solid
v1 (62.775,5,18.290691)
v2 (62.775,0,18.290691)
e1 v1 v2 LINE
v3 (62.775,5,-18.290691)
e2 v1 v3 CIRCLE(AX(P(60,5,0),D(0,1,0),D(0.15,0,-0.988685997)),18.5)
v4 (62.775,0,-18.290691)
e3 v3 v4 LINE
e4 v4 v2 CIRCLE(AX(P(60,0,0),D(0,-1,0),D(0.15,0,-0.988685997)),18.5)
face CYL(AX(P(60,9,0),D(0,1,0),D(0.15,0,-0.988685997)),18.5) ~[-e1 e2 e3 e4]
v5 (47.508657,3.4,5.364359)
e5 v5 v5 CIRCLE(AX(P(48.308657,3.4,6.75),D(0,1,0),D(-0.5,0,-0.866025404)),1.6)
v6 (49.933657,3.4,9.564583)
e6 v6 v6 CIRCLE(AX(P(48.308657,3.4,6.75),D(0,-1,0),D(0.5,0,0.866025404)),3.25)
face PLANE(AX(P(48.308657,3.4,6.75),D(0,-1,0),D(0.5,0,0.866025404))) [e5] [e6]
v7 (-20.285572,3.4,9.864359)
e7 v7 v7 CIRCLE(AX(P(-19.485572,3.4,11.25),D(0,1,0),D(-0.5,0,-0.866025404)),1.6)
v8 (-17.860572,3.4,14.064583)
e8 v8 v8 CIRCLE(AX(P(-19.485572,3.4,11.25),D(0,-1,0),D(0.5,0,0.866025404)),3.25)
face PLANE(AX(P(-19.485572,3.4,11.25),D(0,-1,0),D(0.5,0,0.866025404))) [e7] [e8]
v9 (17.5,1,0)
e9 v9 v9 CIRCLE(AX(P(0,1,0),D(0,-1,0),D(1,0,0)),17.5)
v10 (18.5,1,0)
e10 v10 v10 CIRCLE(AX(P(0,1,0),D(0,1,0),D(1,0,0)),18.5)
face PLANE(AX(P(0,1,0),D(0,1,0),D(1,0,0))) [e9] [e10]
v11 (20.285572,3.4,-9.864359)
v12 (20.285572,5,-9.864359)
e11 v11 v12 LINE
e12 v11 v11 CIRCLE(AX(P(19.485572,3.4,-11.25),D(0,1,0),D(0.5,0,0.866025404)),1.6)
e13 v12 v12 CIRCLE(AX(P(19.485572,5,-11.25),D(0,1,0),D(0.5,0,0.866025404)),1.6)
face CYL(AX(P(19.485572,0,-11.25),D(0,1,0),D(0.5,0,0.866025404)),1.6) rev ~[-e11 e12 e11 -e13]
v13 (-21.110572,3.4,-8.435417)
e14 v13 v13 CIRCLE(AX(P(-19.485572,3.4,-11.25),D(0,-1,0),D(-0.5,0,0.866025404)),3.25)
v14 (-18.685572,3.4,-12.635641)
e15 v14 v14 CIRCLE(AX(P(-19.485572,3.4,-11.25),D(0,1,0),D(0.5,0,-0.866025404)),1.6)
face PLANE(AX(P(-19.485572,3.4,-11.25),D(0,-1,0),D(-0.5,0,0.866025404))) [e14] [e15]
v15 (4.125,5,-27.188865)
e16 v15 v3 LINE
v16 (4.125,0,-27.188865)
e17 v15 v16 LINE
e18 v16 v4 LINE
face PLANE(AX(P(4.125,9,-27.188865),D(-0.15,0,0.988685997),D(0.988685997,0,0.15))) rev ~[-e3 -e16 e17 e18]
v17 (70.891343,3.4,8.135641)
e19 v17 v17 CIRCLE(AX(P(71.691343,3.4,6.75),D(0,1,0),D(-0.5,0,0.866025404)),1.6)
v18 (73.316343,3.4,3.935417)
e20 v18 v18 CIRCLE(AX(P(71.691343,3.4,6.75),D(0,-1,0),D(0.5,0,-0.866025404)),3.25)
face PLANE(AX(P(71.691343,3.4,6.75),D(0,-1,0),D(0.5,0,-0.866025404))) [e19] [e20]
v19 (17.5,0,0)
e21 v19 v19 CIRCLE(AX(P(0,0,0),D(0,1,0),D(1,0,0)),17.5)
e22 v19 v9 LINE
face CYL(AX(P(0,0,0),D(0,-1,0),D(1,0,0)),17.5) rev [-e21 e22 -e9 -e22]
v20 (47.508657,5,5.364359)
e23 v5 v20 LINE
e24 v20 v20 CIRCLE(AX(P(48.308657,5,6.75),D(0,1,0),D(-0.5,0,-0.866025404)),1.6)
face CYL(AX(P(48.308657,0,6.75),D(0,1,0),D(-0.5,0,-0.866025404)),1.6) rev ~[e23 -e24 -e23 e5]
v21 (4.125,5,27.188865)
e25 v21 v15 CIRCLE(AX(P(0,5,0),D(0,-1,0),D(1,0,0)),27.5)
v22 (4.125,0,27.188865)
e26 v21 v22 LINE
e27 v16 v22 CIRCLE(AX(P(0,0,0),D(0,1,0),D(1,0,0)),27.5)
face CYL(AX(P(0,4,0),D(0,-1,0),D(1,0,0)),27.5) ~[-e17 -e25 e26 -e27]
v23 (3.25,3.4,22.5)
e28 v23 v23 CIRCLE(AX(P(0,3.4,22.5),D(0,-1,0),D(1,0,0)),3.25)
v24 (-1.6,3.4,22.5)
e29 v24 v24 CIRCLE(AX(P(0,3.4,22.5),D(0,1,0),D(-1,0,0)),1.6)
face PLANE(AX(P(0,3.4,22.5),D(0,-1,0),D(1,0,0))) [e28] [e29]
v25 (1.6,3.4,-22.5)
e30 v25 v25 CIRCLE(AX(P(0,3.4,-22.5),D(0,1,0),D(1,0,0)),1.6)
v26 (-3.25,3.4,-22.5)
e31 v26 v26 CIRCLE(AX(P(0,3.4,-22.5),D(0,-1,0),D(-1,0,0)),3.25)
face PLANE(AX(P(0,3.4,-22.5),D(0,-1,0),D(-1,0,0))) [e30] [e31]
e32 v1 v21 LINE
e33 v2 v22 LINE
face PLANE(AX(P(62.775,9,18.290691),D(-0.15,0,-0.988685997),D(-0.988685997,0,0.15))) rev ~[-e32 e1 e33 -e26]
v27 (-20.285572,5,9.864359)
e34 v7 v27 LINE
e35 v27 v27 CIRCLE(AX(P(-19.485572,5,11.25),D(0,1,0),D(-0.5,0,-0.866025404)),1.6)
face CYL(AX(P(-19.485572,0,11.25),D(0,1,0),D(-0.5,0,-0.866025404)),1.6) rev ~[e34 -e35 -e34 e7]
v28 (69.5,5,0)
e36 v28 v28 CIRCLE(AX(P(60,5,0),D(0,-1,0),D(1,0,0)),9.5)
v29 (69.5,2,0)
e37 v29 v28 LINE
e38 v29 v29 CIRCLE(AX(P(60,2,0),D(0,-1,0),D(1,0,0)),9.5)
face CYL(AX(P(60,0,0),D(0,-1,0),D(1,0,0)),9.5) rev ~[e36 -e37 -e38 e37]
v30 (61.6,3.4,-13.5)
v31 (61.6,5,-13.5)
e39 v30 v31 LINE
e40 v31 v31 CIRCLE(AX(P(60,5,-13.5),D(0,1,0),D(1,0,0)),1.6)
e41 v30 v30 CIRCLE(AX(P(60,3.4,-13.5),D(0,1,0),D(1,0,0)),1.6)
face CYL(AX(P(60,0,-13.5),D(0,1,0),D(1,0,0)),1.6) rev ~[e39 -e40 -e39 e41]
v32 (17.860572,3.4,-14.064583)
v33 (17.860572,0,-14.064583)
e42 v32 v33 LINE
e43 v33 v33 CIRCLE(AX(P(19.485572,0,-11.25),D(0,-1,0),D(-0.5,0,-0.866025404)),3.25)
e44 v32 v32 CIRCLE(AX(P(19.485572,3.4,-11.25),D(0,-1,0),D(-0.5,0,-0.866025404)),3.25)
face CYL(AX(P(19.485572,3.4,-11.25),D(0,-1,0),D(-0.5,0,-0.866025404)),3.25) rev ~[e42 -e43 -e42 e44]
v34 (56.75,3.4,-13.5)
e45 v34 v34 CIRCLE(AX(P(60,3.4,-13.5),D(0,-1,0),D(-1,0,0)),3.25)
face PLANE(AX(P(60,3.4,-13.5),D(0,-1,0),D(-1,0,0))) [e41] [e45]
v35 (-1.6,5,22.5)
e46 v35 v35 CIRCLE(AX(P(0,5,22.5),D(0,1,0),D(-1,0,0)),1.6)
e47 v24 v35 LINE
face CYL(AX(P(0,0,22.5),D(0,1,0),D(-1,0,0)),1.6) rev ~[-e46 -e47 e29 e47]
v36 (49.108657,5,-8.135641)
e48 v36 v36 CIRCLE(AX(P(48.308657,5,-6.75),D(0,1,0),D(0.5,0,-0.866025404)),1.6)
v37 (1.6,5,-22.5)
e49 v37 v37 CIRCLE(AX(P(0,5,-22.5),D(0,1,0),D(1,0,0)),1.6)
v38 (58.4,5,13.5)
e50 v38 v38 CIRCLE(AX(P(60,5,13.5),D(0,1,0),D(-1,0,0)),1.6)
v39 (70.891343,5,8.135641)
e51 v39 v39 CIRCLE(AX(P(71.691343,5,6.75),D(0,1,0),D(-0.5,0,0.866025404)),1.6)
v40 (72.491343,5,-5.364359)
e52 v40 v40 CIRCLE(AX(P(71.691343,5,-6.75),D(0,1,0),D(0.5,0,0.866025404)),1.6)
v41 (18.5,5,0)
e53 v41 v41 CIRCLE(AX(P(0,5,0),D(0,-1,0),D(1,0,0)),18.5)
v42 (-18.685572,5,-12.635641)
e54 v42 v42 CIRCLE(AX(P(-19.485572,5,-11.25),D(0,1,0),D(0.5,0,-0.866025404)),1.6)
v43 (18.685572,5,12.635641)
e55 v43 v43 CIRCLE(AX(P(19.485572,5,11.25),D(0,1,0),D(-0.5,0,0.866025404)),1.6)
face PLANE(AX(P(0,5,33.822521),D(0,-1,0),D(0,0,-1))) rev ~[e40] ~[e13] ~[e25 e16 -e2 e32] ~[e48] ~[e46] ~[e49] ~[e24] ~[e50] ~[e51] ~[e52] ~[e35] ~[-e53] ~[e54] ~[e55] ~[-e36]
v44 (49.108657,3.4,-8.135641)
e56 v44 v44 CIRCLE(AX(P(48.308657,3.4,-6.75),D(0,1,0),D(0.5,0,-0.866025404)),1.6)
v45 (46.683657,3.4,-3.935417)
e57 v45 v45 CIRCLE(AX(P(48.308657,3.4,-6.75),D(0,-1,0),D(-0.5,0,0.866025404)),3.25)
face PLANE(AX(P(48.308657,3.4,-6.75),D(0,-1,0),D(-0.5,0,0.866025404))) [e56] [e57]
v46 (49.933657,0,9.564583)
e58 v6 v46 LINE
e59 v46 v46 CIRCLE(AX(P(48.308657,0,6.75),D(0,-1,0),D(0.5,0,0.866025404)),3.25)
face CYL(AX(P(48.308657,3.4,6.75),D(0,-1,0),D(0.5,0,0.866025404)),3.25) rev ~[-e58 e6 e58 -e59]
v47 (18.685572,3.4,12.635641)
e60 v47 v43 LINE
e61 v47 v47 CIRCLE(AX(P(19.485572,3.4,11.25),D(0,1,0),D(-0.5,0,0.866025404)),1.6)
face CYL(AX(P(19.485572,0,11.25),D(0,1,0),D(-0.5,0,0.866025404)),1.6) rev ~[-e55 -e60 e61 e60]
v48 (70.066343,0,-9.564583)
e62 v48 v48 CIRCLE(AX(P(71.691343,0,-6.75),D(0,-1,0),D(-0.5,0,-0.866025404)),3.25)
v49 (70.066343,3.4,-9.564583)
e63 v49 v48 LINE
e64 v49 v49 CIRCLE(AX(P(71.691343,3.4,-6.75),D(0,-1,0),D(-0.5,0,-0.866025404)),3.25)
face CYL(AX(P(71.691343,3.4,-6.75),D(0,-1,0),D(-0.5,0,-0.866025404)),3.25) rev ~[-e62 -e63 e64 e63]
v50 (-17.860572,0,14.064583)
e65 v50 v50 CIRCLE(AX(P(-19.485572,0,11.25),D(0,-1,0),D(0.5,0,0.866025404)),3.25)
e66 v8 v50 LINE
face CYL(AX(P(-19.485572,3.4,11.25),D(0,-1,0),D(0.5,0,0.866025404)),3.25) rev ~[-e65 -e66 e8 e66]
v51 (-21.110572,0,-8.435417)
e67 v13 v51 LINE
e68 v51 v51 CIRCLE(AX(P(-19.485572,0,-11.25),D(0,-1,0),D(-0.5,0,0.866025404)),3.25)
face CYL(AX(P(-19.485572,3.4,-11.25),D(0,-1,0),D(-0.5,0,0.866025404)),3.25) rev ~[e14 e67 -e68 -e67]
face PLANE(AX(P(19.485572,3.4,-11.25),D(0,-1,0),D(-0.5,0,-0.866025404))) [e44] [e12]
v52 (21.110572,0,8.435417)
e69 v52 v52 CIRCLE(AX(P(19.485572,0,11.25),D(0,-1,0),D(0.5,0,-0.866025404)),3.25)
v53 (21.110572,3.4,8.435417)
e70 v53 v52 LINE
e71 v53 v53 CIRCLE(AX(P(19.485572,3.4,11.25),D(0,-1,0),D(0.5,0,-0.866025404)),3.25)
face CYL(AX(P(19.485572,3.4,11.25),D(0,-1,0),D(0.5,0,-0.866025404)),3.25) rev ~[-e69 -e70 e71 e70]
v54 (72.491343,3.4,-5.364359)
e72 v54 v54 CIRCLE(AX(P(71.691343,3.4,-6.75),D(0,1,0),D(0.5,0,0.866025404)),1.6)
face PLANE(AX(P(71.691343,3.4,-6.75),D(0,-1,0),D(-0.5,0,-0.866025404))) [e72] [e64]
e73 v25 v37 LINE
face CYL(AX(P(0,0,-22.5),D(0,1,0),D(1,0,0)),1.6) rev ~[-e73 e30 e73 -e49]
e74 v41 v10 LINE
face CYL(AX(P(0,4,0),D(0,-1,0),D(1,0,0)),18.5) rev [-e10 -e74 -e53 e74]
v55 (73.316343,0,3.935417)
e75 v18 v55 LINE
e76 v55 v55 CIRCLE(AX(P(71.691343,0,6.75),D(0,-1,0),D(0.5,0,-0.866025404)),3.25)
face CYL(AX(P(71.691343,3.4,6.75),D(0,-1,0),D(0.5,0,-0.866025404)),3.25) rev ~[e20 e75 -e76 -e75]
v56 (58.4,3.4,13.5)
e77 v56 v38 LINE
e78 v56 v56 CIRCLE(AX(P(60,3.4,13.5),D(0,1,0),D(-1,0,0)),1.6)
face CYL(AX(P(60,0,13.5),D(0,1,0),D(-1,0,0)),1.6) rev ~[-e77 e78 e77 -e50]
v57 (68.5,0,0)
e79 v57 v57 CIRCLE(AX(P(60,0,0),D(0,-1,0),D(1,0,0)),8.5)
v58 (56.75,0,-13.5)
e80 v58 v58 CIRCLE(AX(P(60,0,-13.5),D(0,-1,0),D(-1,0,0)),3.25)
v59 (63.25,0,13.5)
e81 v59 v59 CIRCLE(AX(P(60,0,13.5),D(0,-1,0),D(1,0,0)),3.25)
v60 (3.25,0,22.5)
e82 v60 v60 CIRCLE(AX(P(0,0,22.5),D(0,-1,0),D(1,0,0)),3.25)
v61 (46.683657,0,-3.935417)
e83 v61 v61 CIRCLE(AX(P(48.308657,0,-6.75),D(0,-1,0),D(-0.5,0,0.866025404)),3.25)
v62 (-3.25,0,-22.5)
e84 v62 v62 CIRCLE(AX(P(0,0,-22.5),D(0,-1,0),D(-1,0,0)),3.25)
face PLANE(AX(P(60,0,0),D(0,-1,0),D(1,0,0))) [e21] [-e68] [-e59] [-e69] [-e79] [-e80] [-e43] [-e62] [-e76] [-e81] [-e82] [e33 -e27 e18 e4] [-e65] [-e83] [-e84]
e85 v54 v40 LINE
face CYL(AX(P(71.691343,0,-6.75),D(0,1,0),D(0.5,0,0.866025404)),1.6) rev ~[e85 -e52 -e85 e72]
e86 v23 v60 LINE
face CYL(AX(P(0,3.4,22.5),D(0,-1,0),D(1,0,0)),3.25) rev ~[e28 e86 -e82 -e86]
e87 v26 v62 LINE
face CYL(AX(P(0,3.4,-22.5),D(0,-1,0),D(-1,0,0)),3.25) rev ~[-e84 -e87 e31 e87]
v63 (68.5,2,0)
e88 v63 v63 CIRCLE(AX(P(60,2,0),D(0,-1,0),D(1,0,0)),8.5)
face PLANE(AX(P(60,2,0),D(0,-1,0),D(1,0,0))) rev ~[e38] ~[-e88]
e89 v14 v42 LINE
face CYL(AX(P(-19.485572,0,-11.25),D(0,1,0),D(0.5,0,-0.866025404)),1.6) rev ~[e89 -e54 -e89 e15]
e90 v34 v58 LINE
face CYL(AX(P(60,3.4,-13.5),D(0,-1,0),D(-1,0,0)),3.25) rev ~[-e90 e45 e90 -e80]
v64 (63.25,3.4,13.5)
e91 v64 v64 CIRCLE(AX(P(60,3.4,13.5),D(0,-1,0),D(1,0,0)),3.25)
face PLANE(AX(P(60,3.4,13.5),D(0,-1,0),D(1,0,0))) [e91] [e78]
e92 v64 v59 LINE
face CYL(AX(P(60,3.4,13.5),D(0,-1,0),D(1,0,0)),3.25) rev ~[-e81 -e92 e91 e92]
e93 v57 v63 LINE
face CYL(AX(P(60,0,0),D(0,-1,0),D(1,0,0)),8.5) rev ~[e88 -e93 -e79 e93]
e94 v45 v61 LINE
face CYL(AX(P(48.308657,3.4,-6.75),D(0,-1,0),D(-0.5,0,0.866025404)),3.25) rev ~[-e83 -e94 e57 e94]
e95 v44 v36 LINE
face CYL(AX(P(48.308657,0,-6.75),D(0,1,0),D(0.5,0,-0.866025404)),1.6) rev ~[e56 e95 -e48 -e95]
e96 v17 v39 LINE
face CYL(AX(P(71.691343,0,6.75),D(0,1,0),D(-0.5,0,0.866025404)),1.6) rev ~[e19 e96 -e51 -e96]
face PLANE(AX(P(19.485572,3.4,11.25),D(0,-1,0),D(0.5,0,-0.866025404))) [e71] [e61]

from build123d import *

# Parameters (mm, degrees)
SKETCH_1_R                   = 27.5
SKETCH_1_R_2                 = 17.5
EXTRUDE_1_DEPTH              = 4
SKETCH_2_R                   = 27.5
SKETCH_2_R_2                 = 18.5
EXTRUDE_2_DEPTH              = 5
EXTRUDE_3_DEPTH              = 9
SKETCH_7_R                   = 18.5
CUT_EXTRUDE_4_DEPTH          = 3
SKETCH_13_R                  = 9.5
CUT_EXTRUDE_9_DEPTH          = 7
SKETCH_14_R                  = 8.5
CUT_EXTRUDE_10_DEPTH         = 3
SKETCH_26_W                  = 65.286774434
SKETCH_26_H                  = 13.225755288
CUT_EXTRUDE_11_DEPTH         = 1111
SKETCH_28_R                  = 9.5
SKETCH_28_R_2                = 8.5
EXTRUDE_4_DEPTH              = 2
HOLE_WIZARD_M3_1_D           = 3.2
HOLE_WIZARD_M3_1_CBORE_D     = 6.5
HOLE_WIZARD_M3_1_CBORE_DEPTH = 3.4
PATTERN_CIRCULAR_1_COUNT     = 6
HOLE_WIZARD_M3_2_D           = 3.2
HOLE_WIZARD_M3_2_CBORE_D     = 6.5
HOLE_WIZARD_M3_2_CBORE_DEPTH = 3.4
PATTERN_CIRCULAR_2_COUNT     = 6


with BuildPart() as part:
    # 스케치1 → 보스-돌출1 (new body)
    with BuildSketch(Plane(origin=(0, 0, 0), x_dir=(1, 0, 0), z_dir=(0, 1, 0))):
        Circle(SKETCH_1_R)
        Circle(SKETCH_1_R_2, mode=Mode.SUBTRACT)
    extrude(amount=EXTRUDE_1_DEPTH)

    # 스케치2 → 보스-돌출2 (add)
    with BuildSketch(Plane(origin=(0, 4, 0), x_dir=(1, 0, 0), z_dir=(0, 1, 0))):
        Circle(SKETCH_2_R)
        Circle(SKETCH_2_R_2, mode=Mode.SUBTRACT)
    extrude(amount=EXTRUDE_2_DEPTH)

    # 스케치3 → 보스-돌출3 (add)
    with BuildSketch(Plane(origin=(0, 9, 0), x_dir=(1, 0, 0), z_dir=(0, 1, 0))):
        with BuildLine():
            Line((4.125, 27.188864908), (62.775, 18.290690938))
            ThreePointArc((62.775, 18.290690938), (78.5, 0), (62.775, -18.290690938))
            Line((62.775, -18.290690938), (4.125, -27.188864908))
            ThreePointArc((4.125, -27.188864908), (27.5, 0), (4.125, 27.188864908))
        make_face()
    extrude(amount=-EXTRUDE_3_DEPTH)

    # 스케치7 → 컷-돌출4 (cut)
    with BuildSketch(Plane(origin=(0, 4, 0), x_dir=(1, 0, 0), z_dir=(0, 1, 0))):
        Circle(SKETCH_7_R)
    extrude(amount=-CUT_EXTRUDE_4_DEPTH, mode=Mode.SUBTRACT)

    # 스케치13 → 컷-돌출9 (cut)
    with BuildSketch(Plane.XZ):
        with Locations((60, 0)):
            Circle(SKETCH_13_R)
    extrude(amount=-CUT_EXTRUDE_9_DEPTH, mode=Mode.SUBTRACT)

    # 스케치14 → 컷-돌출10 (cut, through all)
    with BuildSketch(Plane.XZ.offset(-7)):
        with Locations((60, 0)):
            Circle(SKETCH_14_R)
    extrude(amount=-CUT_EXTRUDE_10_DEPTH, mode=Mode.SUBTRACT)

    # 스케치26 → 컷-돌출11 (cut, symmetric)
    with BuildSketch(Plane(origin=(0, 0, 0), x_dir=(0, 0, -1), z_dir=(1, 0, 0))):
        with Locations((-1.179133759, 11.612877644)):
            Rectangle(SKETCH_26_W, SKETCH_26_H)
    extrude(amount=CUT_EXTRUDE_11_DEPTH, both=True, mode=Mode.SUBTRACT)

    # 스케치28 → 보스-돌출4 (add)
    with BuildSketch(Plane.XZ):
        with Locations((60, 0)):
            Circle(SKETCH_28_R)
        with Locations((60, 0)):
            Circle(SKETCH_28_R_2, mode=Mode.SUBTRACT)
    extrude(amount=-EXTRUDE_4_DEPTH)

    # M3 육각 소켓 머리 캡 나사용 카운터보어1 (through all)
    with Locations(Plane(origin=(0, 0, 0), x_dir=(-1, 0, 0), z_dir=(0, -1, 0))):
        with Locations((0, 22.5)):
            hole_wizard_m3_1 = CounterBoreHole(HOLE_WIZARD_M3_1_D / 2, HOLE_WIZARD_M3_1_CBORE_D / 2, HOLE_WIZARD_M3_1_CBORE_DEPTH)

    # 원형 패턴1: M3 육각 소켓 머리 캡 나사용 카운터보어1 ×6 about axis
    pattern_circular_1_axis = Axis((0, 0, 0), (0, 1, 0))
    for i in range(1, PATTERN_CIRCULAR_1_COUNT):
        add(hole_wizard_m3_1.rotate(pattern_circular_1_axis, i * 360 / PATTERN_CIRCULAR_1_COUNT), mode=Mode.SUBTRACT)

    # M3 육각 소켓 머리 캡 나사용 카운터보어2 (through all)
    with Locations(Plane(origin=(0, 0, 0), x_dir=(-1, 0, 0), z_dir=(0, -1, 0))):
        with Locations((-60, 13.5)):
            hole_wizard_m3_2 = CounterBoreHole(HOLE_WIZARD_M3_2_D / 2, HOLE_WIZARD_M3_2_CBORE_D / 2, HOLE_WIZARD_M3_2_CBORE_DEPTH)

    # 원형 패턴2: M3 육각 소켓 머리 캡 나사용 카운터보어2 ×6 about axis
    pattern_circular_2_axis = Axis((60, 0, 0), (0, 1, 0))
    for i in range(1, PATTERN_CIRCULAR_2_COUNT):
        add(hole_wizard_m3_2.rotate(pattern_circular_2_axis, i * 360 / PATTERN_CIRCULAR_2_COUNT), mode=Mode.SUBTRACT)


solid = part.part
